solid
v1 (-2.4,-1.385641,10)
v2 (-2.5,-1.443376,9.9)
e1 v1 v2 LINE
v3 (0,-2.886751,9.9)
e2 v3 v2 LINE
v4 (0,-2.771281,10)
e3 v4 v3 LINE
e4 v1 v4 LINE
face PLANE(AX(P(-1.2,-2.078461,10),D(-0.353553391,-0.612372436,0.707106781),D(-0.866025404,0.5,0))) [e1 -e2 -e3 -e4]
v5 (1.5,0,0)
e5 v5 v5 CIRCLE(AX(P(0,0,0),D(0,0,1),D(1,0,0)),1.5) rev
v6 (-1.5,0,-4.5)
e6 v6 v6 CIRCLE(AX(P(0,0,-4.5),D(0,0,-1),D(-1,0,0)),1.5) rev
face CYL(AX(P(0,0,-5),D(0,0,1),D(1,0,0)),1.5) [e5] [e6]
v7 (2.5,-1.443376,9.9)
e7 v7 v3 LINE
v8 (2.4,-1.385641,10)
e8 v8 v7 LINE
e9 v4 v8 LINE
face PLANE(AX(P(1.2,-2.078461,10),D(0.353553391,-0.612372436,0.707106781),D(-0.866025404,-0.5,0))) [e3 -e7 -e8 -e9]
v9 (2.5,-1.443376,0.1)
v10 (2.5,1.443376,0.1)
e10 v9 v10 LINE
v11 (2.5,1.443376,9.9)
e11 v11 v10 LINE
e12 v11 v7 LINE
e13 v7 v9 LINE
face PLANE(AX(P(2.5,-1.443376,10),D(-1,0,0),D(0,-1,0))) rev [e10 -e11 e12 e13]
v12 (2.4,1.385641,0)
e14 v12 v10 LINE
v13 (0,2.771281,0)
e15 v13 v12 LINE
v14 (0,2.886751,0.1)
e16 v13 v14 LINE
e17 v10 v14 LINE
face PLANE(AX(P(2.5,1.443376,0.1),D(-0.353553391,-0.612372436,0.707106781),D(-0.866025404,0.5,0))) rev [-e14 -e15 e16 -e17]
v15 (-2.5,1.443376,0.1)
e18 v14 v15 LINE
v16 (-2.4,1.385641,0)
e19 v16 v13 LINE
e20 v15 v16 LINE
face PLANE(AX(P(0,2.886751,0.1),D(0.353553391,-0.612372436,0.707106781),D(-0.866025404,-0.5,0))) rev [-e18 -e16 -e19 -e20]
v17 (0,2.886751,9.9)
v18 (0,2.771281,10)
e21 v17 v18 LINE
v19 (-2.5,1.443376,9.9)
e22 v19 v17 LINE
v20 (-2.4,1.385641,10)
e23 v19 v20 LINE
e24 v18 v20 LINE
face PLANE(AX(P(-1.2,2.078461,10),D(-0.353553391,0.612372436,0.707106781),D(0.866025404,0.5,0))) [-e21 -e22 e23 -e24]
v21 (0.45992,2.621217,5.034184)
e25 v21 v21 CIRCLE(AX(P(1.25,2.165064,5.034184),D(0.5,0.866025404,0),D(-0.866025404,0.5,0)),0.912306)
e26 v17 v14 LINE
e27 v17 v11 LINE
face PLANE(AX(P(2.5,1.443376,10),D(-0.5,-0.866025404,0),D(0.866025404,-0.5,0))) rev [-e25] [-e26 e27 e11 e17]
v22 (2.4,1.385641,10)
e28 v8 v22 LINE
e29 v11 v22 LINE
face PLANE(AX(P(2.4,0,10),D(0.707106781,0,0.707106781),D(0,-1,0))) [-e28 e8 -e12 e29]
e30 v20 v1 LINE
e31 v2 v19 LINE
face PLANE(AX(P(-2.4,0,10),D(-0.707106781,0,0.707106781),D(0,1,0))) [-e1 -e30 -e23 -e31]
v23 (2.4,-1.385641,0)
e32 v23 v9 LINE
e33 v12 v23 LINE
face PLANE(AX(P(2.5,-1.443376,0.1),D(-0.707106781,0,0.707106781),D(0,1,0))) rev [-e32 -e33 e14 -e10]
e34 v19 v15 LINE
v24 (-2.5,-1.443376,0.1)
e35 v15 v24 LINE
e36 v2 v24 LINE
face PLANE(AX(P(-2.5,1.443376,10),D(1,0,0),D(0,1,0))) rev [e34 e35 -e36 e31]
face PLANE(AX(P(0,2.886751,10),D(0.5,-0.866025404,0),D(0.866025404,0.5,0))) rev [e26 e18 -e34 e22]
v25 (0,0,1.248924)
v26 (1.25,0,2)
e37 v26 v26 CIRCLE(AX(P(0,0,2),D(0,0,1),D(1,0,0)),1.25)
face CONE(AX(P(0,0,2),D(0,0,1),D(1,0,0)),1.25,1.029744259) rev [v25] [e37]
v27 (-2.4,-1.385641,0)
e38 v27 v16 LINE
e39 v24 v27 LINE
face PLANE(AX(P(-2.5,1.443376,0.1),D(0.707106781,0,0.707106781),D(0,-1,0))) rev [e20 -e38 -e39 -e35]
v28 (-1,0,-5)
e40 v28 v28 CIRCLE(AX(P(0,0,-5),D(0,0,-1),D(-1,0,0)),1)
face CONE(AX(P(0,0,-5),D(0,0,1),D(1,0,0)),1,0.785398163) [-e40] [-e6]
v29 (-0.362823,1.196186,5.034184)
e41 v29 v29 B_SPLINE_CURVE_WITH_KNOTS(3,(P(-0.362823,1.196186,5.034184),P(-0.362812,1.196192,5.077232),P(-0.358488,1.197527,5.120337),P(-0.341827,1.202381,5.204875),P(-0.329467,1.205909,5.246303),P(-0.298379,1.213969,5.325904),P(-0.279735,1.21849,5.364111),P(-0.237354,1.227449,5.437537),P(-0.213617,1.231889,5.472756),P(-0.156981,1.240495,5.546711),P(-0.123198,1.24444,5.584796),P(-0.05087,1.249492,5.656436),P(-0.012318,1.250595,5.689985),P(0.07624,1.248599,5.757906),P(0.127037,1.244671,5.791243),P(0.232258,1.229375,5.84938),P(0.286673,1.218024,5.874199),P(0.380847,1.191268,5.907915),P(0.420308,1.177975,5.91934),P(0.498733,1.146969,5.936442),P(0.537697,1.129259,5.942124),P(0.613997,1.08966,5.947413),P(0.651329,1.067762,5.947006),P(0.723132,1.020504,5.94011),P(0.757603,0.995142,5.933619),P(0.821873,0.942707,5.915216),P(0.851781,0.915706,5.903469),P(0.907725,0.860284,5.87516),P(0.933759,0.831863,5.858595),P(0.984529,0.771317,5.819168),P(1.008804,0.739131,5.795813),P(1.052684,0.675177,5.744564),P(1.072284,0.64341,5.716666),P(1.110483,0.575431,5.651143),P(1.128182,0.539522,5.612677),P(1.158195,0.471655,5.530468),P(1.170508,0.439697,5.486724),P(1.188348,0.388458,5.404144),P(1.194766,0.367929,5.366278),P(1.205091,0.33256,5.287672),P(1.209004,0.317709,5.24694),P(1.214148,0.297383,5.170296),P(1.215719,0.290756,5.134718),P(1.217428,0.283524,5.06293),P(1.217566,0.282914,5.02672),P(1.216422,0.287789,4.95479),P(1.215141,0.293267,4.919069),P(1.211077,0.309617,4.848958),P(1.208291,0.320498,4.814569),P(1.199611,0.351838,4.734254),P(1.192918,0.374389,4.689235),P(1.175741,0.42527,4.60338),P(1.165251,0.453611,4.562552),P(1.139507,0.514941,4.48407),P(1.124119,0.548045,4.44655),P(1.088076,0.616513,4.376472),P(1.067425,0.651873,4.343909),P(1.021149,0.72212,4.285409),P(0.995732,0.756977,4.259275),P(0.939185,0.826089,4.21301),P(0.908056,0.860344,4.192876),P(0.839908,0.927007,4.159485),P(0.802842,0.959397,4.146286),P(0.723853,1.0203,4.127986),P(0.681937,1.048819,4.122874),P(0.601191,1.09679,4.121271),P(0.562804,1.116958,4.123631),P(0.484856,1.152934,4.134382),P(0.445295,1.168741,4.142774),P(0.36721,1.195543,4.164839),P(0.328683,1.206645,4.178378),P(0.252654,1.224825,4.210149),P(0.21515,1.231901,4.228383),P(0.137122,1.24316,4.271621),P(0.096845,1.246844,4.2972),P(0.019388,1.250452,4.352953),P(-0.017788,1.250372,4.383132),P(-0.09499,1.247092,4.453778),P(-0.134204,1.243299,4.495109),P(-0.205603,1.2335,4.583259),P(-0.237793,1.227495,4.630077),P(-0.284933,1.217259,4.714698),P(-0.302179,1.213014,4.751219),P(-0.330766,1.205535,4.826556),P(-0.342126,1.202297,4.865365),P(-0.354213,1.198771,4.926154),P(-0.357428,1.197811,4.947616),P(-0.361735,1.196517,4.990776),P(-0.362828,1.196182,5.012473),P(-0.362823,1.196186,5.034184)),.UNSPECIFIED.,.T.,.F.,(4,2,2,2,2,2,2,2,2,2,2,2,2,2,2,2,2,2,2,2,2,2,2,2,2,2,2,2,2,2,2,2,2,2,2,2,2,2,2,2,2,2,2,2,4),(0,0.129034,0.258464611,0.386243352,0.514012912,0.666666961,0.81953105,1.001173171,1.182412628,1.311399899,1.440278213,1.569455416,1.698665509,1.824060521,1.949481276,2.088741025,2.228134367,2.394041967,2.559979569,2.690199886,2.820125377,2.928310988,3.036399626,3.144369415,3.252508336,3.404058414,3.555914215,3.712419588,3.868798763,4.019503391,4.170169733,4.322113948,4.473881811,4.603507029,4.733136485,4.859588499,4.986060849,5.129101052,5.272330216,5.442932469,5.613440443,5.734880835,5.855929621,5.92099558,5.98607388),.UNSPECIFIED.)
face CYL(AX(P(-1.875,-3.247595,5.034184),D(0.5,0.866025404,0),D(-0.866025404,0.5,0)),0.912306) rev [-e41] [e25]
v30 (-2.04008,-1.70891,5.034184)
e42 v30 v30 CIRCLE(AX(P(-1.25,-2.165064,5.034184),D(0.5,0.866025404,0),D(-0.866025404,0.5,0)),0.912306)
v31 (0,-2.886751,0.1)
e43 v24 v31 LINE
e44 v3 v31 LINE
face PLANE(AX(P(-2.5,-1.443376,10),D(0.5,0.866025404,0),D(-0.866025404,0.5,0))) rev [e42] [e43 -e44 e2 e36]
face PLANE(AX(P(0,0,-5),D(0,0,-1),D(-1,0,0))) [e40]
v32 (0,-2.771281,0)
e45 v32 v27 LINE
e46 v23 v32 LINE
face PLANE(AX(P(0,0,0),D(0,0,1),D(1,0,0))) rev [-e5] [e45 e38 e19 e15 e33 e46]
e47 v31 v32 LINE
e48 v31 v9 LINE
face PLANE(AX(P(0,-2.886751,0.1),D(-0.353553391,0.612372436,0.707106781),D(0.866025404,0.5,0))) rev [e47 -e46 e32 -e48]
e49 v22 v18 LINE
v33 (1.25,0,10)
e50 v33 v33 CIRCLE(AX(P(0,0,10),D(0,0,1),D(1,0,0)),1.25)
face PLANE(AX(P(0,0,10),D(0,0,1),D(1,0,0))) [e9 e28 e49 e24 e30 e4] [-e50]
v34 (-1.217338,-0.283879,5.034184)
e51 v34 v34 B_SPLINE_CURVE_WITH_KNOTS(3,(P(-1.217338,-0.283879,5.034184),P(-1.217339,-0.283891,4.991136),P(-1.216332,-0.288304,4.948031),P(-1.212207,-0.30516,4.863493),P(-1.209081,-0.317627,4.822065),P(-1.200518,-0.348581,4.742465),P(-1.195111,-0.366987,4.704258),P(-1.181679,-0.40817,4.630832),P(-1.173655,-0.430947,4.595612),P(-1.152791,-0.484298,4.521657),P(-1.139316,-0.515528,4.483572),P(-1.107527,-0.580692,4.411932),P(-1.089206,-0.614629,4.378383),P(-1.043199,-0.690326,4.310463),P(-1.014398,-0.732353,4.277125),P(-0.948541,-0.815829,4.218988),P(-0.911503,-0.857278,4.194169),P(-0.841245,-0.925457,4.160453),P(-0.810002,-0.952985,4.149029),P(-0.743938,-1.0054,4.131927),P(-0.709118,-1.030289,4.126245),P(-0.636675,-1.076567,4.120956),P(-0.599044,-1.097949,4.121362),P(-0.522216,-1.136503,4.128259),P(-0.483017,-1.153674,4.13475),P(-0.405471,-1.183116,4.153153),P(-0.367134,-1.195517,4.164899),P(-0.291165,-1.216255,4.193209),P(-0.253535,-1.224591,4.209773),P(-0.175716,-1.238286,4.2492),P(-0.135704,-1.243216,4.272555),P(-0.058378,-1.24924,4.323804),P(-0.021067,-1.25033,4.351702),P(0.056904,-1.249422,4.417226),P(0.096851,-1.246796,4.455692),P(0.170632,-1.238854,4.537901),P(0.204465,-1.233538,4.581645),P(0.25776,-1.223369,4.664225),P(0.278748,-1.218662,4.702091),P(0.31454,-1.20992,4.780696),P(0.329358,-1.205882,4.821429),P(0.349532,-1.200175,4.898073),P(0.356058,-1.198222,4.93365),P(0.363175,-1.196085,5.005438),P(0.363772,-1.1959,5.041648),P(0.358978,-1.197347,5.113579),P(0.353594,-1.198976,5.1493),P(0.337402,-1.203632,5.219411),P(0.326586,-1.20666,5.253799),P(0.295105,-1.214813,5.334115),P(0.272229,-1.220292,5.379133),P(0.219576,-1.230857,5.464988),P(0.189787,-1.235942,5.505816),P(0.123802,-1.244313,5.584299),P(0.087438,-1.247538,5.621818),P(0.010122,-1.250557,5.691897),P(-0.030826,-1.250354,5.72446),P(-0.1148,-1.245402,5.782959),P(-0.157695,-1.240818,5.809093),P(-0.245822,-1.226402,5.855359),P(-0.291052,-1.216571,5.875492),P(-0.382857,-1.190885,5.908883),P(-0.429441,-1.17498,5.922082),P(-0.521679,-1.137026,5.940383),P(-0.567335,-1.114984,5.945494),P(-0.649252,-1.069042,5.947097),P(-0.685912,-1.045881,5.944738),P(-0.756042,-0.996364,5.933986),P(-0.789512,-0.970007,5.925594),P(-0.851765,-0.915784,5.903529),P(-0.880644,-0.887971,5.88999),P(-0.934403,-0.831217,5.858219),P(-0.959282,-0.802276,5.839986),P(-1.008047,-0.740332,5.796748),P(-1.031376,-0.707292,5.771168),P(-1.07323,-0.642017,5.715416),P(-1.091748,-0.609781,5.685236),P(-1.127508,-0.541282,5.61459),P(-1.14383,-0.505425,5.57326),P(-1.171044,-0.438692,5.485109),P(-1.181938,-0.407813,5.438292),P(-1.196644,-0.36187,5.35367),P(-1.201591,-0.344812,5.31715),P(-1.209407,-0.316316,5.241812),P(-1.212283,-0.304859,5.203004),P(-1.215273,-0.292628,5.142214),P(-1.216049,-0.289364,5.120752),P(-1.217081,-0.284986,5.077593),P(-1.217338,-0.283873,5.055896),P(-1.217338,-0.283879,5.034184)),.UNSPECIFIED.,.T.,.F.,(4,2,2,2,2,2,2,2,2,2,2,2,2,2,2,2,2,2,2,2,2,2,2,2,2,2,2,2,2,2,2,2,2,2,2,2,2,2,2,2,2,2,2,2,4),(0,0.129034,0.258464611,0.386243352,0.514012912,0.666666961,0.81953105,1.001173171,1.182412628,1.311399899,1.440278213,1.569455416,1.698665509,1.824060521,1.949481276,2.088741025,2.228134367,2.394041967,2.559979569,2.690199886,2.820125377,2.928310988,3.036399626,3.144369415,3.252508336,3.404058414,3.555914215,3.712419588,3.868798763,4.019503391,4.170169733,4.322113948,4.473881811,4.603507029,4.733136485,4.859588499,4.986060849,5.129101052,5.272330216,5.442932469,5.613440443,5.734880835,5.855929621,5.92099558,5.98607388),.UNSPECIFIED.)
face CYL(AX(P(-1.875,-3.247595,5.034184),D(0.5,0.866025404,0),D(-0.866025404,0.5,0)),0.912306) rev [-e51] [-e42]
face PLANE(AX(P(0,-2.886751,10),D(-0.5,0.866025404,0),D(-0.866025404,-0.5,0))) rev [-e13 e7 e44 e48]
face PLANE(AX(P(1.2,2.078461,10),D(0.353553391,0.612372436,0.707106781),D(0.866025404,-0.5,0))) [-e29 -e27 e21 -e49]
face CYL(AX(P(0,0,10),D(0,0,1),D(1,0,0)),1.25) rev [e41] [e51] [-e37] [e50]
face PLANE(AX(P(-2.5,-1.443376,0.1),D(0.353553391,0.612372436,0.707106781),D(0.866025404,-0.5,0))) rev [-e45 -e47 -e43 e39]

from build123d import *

# Parameters (mm, degrees)
DODANIE_WYCI_GNI_CIE1_DEPTH = 10
SZKIC2_R                    = 1.5
DODANIE_WYCI_GNI_CIE2_DEPTH = 5
SFAZOWANIE2_SIZE            = 0.5
OTW_R_GWINTOWANY_M31_D      = 2.5
OTW_R_GWINTOWANY_M31_DEPTH  = 8
OTW_R_GWINTOWANY_M31_TIP    = 0.751075774
SFAZOWANIE3_SIZE            = 0.1
SZKIC29_R                   = 0.91230631
WYTNIJ_WYCI_GNI_CIE1_DEPTH  = 12.814539066


with BuildPart() as part:
    # Szkic1 → Dodanie-wyciągnięcie1 (new body)
    with BuildSketch(Plane.XY):
        Polygon((0, 2.886751346), (-2.5, 1.443375673), (-2.5, -1.443375673), (0, -2.886751346), (2.5, -1.443375673), (2.5, 1.443375673), align=None)
    extrude(amount=DODANIE_WYCI_GNI_CIE1_DEPTH)

    # Szkic2 → Dodanie-wyciągnięcie2 (add)
    with BuildSketch(Plane(origin=(0, 0, 0), x_dir=(-1, 0, 0), z_dir=(0, 0, -1))):
        with Locations(Location((0, 0, 0), (0, 0, 180))):
            Circle(SZKIC2_R)
    extrude(amount=DODANIE_WYCI_GNI_CIE2_DEPTH)

    # Sfazowanie2
    sfazowanie2_edges = [part.edges().sort_by_distance(p)[0] for p in [
        (-1.5, 0, -5),
    ]]
    chamfer(sfazowanie2_edges, length=SFAZOWANIE2_SIZE)

    # Otwór gwintowany M31
    with Locations(Plane.XY.offset(10)):
        with Locations((0, 0)):
            Hole(OTW_R_GWINTOWANY_M31_D / 2, depth=OTW_R_GWINTOWANY_M31_DEPTH)
            with Locations((0, 0, -(OTW_R_GWINTOWANY_M31_DEPTH + OTW_R_GWINTOWANY_M31_TIP / 2))):  # 118° drill point
                Cone(0, OTW_R_GWINTOWANY_M31_D / 2, OTW_R_GWINTOWANY_M31_TIP, mode=Mode.SUBTRACT)

    # Sfazowanie3
    sfazowanie3_edges = [part.edges().sort_by_distance(p)[0] for p in [
        (-2.5, 0, 10),
        (-1.25, -2.165063509, 10),
        (1.25, -2.165063509, 10),
        (2.5, 0, 10),
        (1.25, 2.165063509, 10),
        (2.5, 0, 0),
        (1.25, -2.165063509, 0),
        (-1.25, -2.165063509, 0),
        (-1.25, 2.165063509, 10),
        (-2.5, 0, 0),
        (-1.25, 2.165063509, 0),
        (1.25, 2.165063509, 0),
    ]]
    chamfer(sfazowanie3_edges, length=SFAZOWANIE3_SIZE)

    # Szkic29 → Wytnij-wyciągnięcie1 (cut, through all)
    with BuildSketch(Plane(origin=(1.25, 2.165063509, 0), x_dir=(0.8660254037844415, -0.49999999999999517, 0), z_dir=(0.4999999999999951, 0.8660254037844414, 0))):
        with Locations(Location((0, -5.034184195, 0), (0, 0, 180))):
            Circle(SZKIC29_R)
    extrude(amount=-WYTNIJ_WYCI_GNI_CIE1_DEPTH, mode=Mode.SUBTRACT)


solid = part.part
